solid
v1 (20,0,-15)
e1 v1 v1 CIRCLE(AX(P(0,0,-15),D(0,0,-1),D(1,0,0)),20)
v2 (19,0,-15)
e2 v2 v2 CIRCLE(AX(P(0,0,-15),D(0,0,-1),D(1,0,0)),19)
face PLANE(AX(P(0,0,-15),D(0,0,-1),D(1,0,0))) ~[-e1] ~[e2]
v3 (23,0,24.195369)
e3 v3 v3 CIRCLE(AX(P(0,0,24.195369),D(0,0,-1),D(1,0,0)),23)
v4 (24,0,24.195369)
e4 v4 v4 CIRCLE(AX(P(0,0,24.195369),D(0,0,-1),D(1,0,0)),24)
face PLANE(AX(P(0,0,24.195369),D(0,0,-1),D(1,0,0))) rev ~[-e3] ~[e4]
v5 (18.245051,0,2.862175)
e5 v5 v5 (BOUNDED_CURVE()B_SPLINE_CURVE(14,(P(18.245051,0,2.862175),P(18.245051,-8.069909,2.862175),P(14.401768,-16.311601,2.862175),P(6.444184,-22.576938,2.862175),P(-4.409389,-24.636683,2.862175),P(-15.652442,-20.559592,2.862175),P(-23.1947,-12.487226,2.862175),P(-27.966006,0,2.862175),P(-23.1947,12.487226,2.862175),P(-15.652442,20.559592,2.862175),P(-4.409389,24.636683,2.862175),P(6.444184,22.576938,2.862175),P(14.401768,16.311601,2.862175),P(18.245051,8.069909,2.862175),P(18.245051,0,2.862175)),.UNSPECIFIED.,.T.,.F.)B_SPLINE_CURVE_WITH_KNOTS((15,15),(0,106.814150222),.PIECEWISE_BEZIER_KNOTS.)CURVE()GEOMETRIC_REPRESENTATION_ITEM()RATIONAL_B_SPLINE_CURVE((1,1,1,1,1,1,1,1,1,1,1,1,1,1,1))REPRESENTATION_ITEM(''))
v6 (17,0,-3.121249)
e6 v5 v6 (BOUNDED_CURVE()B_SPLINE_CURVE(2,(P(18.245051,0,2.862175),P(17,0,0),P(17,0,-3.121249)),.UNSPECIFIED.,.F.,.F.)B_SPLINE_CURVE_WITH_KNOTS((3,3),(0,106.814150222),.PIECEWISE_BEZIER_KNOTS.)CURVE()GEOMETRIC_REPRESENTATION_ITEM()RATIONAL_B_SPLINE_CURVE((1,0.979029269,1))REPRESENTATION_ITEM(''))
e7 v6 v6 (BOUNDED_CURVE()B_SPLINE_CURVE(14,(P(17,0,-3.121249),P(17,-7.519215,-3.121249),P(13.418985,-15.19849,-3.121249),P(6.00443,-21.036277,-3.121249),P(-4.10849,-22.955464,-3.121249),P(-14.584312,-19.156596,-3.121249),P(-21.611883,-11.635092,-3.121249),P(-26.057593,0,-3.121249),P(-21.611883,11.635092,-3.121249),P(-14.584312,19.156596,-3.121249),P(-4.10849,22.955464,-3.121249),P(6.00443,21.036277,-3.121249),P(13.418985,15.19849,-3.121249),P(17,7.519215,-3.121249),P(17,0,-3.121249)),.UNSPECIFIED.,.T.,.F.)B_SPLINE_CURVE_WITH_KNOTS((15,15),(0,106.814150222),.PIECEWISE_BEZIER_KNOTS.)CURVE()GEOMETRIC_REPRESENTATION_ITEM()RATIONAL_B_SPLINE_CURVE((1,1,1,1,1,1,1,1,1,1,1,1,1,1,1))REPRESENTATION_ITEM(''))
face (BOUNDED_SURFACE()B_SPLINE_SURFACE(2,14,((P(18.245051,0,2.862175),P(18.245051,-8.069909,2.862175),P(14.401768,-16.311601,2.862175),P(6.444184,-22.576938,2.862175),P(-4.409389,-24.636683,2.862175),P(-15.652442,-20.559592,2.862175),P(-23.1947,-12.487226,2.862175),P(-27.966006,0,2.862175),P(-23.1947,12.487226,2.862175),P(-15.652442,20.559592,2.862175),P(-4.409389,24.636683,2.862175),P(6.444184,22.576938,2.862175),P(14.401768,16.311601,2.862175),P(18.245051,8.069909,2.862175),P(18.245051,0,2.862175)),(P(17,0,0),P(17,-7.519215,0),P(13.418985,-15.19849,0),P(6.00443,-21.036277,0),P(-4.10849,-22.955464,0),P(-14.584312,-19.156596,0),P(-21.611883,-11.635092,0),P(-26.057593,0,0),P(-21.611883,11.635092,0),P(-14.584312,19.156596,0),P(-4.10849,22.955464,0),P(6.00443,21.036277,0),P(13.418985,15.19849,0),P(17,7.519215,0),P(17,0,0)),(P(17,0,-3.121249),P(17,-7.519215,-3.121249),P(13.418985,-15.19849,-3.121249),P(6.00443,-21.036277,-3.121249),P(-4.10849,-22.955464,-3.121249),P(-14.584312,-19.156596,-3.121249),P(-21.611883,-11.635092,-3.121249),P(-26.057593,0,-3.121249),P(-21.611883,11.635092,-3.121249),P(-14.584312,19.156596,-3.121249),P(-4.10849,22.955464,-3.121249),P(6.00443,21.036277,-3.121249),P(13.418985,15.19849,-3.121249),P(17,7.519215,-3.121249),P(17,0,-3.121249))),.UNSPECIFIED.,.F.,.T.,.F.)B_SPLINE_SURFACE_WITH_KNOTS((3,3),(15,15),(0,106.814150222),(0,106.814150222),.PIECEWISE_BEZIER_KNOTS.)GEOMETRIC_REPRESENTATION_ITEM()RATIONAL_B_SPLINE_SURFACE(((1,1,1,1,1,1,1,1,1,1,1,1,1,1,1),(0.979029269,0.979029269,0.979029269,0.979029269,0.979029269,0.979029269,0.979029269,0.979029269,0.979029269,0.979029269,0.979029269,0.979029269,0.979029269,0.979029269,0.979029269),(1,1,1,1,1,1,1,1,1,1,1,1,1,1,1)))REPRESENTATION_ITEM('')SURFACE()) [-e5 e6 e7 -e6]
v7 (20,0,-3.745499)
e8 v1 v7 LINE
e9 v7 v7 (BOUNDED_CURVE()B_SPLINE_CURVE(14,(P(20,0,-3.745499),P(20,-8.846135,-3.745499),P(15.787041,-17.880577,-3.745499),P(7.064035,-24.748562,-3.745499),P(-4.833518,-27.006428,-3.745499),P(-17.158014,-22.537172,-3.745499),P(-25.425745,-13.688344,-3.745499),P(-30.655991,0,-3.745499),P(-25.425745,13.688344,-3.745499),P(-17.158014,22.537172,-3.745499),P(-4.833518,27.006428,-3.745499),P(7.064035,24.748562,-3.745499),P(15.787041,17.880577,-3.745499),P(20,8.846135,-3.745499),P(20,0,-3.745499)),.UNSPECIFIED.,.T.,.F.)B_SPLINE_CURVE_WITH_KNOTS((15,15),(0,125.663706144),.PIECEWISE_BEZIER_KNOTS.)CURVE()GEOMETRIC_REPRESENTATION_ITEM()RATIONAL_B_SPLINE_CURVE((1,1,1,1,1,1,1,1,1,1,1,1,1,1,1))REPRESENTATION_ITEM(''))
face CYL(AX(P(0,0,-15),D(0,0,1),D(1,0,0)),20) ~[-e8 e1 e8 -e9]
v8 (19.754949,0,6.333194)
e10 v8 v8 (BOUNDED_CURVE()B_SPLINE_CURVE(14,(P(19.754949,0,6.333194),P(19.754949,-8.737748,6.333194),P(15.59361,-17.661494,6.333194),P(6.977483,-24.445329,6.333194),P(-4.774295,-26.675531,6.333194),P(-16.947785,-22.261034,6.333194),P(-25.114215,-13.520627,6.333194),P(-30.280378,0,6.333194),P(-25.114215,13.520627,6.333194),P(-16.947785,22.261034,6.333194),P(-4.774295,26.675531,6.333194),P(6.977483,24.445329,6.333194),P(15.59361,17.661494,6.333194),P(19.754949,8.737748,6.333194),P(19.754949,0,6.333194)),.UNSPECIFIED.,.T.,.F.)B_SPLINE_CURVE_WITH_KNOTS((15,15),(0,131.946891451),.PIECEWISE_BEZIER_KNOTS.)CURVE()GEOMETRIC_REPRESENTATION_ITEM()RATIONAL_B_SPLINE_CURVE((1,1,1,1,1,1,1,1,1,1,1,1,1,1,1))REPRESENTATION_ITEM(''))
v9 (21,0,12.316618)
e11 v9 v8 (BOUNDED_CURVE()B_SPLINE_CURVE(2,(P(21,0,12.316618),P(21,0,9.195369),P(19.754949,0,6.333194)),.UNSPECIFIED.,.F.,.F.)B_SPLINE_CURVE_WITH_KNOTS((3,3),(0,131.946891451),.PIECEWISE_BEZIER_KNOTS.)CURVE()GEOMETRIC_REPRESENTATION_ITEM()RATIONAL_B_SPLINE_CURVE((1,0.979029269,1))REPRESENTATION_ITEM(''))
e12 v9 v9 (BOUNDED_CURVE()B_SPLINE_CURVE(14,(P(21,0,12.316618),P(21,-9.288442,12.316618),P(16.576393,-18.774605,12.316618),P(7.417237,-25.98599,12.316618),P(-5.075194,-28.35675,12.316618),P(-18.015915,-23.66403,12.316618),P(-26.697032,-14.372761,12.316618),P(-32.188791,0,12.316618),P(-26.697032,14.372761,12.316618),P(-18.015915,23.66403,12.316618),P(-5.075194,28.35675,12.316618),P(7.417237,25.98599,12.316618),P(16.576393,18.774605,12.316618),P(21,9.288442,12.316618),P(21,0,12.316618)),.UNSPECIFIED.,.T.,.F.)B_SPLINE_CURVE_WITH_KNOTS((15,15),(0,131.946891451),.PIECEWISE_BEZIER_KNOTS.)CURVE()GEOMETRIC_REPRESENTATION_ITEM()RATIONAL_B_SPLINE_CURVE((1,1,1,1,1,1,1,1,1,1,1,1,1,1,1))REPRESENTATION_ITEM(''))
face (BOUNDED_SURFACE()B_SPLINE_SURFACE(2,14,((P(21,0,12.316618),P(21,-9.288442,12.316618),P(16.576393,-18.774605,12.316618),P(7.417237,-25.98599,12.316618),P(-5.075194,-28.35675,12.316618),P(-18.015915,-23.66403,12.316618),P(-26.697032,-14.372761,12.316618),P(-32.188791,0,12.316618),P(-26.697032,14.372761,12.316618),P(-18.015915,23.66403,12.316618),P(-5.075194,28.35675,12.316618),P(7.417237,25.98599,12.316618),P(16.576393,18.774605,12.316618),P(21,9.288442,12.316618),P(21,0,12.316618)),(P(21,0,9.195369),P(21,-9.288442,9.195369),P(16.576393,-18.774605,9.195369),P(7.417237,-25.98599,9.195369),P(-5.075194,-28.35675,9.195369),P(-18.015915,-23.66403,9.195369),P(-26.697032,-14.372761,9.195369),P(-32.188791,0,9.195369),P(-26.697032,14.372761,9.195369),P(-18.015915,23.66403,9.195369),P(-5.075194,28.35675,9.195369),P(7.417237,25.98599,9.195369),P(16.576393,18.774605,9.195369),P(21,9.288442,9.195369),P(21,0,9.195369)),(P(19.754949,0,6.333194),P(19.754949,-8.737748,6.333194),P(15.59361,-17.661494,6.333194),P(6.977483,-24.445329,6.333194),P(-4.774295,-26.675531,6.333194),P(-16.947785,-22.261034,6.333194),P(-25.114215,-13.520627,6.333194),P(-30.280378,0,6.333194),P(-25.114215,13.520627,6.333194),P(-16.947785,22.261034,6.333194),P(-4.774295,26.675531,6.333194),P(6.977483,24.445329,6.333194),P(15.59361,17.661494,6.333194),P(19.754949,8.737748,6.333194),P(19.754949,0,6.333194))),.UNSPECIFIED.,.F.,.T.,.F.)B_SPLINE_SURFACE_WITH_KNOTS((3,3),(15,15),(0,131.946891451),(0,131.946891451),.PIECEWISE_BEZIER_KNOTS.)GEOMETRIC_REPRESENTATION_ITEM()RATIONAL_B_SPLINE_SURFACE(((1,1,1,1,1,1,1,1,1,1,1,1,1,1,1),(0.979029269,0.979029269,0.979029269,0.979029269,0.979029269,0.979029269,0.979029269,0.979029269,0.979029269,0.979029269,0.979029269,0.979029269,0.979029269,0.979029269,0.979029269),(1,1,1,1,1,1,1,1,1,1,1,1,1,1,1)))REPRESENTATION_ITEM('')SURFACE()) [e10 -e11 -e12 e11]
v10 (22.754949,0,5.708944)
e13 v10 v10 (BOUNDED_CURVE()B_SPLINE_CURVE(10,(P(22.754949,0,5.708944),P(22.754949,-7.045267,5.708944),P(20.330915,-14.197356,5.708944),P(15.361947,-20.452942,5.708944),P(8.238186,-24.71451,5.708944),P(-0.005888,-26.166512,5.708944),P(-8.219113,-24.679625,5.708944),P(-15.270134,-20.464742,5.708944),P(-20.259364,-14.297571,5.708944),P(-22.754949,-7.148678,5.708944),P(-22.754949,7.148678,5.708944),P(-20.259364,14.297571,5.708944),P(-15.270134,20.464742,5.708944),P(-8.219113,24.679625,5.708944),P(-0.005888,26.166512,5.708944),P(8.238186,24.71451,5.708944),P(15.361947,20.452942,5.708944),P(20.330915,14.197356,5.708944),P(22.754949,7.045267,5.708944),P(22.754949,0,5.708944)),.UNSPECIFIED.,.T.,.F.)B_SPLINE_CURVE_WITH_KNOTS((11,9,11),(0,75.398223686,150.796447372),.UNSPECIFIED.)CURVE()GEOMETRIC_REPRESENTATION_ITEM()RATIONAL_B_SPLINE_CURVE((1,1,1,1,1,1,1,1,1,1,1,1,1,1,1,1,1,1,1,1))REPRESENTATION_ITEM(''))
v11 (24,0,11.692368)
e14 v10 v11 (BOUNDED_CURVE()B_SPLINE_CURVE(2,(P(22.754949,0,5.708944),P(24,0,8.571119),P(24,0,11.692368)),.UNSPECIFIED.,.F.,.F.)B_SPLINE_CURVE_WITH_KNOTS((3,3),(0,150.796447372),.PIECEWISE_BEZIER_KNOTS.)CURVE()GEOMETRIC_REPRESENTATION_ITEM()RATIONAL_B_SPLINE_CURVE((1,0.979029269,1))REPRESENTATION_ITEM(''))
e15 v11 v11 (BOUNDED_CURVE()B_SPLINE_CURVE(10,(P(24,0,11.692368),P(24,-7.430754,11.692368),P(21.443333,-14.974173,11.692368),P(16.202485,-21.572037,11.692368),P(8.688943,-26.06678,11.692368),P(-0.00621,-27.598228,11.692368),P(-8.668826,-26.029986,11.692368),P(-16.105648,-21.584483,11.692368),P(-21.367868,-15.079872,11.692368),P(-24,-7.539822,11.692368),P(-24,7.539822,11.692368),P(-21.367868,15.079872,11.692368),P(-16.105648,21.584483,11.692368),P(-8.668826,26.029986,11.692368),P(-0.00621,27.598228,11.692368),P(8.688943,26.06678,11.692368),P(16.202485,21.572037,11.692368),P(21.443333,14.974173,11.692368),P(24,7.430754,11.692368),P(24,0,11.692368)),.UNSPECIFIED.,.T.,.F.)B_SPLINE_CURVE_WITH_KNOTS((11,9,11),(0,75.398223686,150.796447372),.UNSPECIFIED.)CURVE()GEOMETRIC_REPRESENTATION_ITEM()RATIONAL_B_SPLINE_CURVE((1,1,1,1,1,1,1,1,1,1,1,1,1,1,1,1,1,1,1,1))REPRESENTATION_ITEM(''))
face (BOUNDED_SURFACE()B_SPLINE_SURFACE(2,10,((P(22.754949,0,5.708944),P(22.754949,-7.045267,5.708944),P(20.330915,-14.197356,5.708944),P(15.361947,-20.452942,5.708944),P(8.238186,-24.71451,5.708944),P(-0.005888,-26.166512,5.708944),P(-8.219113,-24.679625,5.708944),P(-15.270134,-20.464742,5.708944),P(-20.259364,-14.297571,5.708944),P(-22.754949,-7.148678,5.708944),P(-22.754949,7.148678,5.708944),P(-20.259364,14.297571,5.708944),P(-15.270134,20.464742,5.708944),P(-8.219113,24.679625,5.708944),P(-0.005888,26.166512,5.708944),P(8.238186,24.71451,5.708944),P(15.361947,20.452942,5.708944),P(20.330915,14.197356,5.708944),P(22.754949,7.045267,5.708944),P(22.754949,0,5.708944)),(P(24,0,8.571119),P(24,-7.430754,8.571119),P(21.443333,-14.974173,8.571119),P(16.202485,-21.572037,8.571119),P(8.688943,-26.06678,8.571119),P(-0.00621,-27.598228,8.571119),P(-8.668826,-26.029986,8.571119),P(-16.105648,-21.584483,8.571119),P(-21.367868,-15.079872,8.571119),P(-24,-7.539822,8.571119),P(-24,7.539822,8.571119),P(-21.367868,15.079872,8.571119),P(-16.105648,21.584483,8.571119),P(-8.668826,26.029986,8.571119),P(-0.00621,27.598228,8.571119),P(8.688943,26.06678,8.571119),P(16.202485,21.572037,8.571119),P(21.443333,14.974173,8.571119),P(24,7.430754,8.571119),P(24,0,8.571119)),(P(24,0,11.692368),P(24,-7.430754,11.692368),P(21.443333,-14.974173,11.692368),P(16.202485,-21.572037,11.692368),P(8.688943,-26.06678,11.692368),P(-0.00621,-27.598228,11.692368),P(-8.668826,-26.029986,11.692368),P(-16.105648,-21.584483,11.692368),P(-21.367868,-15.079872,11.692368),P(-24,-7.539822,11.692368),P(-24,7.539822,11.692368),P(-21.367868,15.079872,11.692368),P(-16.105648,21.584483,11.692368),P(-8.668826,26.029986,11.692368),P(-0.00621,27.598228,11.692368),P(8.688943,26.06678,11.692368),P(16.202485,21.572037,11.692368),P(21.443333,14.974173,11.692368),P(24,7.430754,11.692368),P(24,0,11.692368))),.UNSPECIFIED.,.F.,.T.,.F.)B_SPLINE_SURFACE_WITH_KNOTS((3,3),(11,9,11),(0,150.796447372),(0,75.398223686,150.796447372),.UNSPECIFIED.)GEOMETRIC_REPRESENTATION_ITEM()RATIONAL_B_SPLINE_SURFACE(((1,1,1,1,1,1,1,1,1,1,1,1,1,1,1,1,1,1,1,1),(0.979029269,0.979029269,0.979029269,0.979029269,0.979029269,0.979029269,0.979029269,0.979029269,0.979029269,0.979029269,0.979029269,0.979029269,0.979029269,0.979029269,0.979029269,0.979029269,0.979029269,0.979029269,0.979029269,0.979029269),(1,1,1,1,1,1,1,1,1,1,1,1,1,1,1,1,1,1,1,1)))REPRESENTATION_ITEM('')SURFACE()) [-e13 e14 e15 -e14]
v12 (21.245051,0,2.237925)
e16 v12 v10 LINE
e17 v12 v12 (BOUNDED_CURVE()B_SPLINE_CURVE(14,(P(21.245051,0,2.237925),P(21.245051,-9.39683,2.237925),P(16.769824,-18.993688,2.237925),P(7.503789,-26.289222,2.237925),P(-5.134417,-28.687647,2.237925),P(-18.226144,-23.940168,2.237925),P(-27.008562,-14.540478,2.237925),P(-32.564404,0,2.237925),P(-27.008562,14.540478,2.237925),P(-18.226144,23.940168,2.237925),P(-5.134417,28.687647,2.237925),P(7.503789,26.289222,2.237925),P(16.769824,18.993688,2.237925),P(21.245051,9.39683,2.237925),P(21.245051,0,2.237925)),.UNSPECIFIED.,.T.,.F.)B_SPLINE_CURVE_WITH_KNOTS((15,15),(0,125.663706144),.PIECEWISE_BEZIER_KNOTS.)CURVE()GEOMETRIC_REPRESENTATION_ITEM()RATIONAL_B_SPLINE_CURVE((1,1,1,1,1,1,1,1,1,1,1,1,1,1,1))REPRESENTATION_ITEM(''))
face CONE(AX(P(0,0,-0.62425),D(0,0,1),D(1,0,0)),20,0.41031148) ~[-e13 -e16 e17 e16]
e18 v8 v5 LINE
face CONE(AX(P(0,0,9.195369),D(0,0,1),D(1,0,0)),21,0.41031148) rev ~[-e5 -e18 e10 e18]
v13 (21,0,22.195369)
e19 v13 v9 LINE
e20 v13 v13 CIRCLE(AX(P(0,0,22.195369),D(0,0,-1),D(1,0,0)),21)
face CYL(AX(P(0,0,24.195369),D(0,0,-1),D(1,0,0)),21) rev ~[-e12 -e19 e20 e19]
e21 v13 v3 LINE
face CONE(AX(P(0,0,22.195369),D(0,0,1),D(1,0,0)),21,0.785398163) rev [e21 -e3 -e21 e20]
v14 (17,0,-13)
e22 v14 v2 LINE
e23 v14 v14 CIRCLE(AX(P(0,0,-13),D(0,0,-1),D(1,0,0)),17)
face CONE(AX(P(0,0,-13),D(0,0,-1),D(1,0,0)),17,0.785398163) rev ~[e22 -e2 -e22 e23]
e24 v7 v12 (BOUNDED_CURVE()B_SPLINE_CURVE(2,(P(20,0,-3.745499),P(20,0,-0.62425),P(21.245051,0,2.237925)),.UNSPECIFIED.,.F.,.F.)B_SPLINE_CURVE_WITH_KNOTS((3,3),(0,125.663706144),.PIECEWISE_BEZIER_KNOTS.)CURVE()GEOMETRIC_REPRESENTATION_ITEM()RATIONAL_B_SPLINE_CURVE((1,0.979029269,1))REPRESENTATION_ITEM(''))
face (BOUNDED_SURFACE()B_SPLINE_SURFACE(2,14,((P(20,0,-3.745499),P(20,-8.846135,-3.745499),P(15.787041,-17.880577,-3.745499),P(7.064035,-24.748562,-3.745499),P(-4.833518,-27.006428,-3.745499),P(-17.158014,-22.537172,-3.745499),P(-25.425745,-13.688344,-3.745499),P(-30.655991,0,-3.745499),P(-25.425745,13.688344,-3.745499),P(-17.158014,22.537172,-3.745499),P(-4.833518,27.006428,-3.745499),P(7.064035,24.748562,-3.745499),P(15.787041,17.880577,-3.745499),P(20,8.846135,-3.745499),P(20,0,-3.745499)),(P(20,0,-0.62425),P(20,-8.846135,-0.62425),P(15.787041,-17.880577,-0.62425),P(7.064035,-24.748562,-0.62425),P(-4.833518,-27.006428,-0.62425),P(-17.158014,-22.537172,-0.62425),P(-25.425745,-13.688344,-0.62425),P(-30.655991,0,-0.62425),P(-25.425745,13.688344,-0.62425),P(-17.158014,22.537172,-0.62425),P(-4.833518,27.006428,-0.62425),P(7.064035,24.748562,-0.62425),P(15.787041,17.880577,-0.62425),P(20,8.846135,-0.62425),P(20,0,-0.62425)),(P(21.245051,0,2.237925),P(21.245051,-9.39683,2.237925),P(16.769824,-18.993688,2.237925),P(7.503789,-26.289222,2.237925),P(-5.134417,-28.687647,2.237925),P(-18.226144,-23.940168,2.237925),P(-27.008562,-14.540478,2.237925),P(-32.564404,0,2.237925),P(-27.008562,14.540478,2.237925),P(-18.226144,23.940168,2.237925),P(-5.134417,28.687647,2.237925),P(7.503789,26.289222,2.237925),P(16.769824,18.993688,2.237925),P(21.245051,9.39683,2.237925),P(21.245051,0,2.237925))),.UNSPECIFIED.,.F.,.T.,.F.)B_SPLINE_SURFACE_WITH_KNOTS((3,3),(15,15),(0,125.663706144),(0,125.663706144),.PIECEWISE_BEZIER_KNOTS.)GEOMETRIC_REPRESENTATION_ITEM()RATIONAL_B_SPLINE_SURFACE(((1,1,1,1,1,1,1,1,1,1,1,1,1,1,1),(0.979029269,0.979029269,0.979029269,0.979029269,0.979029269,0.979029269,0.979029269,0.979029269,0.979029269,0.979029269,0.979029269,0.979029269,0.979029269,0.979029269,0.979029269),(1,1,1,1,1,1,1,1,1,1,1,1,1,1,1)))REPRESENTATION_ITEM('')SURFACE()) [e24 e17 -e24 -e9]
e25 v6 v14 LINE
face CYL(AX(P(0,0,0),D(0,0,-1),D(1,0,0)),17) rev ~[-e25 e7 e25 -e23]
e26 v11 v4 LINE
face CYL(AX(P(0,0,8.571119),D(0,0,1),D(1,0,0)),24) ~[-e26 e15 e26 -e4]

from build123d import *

# Parameters (mm, degrees)
F2_R    = 15
F3_SIZE = 2


with BuildPart() as f1:
    # F0 (on Front) → F1 (revolve)
    with BuildSketch(Plane.XZ):
        Polygon((24, 24.195369), (21, 24.195369), (21, 9.195369), (17, 0), (17, -15), (20, -15), (20, -0.62425), (24, 8.571119), align=None)
    revolve(axis=Axis((0, 0, 5.12058), (0, 0, -1)))

    # F2
    f2_edges = [f1.edges().sort_by_distance(p)[0] for p in [
        (-20, 0, -0.62425),
        (-24, 0, 8.571119),
        (-21, 0, 9.195369),
        (-17, 0, 0),
    ]]
    fillet(f2_edges, radius=F2_R)

    # F3
    f3_edges = [f1.edges().sort_by_distance(p)[0] for p in [
        (-21, 0, 24.195369),
        (-17, 0, -15),
    ]]
    chamfer(f3_edges, length=F3_SIZE)


solid = f1.part
